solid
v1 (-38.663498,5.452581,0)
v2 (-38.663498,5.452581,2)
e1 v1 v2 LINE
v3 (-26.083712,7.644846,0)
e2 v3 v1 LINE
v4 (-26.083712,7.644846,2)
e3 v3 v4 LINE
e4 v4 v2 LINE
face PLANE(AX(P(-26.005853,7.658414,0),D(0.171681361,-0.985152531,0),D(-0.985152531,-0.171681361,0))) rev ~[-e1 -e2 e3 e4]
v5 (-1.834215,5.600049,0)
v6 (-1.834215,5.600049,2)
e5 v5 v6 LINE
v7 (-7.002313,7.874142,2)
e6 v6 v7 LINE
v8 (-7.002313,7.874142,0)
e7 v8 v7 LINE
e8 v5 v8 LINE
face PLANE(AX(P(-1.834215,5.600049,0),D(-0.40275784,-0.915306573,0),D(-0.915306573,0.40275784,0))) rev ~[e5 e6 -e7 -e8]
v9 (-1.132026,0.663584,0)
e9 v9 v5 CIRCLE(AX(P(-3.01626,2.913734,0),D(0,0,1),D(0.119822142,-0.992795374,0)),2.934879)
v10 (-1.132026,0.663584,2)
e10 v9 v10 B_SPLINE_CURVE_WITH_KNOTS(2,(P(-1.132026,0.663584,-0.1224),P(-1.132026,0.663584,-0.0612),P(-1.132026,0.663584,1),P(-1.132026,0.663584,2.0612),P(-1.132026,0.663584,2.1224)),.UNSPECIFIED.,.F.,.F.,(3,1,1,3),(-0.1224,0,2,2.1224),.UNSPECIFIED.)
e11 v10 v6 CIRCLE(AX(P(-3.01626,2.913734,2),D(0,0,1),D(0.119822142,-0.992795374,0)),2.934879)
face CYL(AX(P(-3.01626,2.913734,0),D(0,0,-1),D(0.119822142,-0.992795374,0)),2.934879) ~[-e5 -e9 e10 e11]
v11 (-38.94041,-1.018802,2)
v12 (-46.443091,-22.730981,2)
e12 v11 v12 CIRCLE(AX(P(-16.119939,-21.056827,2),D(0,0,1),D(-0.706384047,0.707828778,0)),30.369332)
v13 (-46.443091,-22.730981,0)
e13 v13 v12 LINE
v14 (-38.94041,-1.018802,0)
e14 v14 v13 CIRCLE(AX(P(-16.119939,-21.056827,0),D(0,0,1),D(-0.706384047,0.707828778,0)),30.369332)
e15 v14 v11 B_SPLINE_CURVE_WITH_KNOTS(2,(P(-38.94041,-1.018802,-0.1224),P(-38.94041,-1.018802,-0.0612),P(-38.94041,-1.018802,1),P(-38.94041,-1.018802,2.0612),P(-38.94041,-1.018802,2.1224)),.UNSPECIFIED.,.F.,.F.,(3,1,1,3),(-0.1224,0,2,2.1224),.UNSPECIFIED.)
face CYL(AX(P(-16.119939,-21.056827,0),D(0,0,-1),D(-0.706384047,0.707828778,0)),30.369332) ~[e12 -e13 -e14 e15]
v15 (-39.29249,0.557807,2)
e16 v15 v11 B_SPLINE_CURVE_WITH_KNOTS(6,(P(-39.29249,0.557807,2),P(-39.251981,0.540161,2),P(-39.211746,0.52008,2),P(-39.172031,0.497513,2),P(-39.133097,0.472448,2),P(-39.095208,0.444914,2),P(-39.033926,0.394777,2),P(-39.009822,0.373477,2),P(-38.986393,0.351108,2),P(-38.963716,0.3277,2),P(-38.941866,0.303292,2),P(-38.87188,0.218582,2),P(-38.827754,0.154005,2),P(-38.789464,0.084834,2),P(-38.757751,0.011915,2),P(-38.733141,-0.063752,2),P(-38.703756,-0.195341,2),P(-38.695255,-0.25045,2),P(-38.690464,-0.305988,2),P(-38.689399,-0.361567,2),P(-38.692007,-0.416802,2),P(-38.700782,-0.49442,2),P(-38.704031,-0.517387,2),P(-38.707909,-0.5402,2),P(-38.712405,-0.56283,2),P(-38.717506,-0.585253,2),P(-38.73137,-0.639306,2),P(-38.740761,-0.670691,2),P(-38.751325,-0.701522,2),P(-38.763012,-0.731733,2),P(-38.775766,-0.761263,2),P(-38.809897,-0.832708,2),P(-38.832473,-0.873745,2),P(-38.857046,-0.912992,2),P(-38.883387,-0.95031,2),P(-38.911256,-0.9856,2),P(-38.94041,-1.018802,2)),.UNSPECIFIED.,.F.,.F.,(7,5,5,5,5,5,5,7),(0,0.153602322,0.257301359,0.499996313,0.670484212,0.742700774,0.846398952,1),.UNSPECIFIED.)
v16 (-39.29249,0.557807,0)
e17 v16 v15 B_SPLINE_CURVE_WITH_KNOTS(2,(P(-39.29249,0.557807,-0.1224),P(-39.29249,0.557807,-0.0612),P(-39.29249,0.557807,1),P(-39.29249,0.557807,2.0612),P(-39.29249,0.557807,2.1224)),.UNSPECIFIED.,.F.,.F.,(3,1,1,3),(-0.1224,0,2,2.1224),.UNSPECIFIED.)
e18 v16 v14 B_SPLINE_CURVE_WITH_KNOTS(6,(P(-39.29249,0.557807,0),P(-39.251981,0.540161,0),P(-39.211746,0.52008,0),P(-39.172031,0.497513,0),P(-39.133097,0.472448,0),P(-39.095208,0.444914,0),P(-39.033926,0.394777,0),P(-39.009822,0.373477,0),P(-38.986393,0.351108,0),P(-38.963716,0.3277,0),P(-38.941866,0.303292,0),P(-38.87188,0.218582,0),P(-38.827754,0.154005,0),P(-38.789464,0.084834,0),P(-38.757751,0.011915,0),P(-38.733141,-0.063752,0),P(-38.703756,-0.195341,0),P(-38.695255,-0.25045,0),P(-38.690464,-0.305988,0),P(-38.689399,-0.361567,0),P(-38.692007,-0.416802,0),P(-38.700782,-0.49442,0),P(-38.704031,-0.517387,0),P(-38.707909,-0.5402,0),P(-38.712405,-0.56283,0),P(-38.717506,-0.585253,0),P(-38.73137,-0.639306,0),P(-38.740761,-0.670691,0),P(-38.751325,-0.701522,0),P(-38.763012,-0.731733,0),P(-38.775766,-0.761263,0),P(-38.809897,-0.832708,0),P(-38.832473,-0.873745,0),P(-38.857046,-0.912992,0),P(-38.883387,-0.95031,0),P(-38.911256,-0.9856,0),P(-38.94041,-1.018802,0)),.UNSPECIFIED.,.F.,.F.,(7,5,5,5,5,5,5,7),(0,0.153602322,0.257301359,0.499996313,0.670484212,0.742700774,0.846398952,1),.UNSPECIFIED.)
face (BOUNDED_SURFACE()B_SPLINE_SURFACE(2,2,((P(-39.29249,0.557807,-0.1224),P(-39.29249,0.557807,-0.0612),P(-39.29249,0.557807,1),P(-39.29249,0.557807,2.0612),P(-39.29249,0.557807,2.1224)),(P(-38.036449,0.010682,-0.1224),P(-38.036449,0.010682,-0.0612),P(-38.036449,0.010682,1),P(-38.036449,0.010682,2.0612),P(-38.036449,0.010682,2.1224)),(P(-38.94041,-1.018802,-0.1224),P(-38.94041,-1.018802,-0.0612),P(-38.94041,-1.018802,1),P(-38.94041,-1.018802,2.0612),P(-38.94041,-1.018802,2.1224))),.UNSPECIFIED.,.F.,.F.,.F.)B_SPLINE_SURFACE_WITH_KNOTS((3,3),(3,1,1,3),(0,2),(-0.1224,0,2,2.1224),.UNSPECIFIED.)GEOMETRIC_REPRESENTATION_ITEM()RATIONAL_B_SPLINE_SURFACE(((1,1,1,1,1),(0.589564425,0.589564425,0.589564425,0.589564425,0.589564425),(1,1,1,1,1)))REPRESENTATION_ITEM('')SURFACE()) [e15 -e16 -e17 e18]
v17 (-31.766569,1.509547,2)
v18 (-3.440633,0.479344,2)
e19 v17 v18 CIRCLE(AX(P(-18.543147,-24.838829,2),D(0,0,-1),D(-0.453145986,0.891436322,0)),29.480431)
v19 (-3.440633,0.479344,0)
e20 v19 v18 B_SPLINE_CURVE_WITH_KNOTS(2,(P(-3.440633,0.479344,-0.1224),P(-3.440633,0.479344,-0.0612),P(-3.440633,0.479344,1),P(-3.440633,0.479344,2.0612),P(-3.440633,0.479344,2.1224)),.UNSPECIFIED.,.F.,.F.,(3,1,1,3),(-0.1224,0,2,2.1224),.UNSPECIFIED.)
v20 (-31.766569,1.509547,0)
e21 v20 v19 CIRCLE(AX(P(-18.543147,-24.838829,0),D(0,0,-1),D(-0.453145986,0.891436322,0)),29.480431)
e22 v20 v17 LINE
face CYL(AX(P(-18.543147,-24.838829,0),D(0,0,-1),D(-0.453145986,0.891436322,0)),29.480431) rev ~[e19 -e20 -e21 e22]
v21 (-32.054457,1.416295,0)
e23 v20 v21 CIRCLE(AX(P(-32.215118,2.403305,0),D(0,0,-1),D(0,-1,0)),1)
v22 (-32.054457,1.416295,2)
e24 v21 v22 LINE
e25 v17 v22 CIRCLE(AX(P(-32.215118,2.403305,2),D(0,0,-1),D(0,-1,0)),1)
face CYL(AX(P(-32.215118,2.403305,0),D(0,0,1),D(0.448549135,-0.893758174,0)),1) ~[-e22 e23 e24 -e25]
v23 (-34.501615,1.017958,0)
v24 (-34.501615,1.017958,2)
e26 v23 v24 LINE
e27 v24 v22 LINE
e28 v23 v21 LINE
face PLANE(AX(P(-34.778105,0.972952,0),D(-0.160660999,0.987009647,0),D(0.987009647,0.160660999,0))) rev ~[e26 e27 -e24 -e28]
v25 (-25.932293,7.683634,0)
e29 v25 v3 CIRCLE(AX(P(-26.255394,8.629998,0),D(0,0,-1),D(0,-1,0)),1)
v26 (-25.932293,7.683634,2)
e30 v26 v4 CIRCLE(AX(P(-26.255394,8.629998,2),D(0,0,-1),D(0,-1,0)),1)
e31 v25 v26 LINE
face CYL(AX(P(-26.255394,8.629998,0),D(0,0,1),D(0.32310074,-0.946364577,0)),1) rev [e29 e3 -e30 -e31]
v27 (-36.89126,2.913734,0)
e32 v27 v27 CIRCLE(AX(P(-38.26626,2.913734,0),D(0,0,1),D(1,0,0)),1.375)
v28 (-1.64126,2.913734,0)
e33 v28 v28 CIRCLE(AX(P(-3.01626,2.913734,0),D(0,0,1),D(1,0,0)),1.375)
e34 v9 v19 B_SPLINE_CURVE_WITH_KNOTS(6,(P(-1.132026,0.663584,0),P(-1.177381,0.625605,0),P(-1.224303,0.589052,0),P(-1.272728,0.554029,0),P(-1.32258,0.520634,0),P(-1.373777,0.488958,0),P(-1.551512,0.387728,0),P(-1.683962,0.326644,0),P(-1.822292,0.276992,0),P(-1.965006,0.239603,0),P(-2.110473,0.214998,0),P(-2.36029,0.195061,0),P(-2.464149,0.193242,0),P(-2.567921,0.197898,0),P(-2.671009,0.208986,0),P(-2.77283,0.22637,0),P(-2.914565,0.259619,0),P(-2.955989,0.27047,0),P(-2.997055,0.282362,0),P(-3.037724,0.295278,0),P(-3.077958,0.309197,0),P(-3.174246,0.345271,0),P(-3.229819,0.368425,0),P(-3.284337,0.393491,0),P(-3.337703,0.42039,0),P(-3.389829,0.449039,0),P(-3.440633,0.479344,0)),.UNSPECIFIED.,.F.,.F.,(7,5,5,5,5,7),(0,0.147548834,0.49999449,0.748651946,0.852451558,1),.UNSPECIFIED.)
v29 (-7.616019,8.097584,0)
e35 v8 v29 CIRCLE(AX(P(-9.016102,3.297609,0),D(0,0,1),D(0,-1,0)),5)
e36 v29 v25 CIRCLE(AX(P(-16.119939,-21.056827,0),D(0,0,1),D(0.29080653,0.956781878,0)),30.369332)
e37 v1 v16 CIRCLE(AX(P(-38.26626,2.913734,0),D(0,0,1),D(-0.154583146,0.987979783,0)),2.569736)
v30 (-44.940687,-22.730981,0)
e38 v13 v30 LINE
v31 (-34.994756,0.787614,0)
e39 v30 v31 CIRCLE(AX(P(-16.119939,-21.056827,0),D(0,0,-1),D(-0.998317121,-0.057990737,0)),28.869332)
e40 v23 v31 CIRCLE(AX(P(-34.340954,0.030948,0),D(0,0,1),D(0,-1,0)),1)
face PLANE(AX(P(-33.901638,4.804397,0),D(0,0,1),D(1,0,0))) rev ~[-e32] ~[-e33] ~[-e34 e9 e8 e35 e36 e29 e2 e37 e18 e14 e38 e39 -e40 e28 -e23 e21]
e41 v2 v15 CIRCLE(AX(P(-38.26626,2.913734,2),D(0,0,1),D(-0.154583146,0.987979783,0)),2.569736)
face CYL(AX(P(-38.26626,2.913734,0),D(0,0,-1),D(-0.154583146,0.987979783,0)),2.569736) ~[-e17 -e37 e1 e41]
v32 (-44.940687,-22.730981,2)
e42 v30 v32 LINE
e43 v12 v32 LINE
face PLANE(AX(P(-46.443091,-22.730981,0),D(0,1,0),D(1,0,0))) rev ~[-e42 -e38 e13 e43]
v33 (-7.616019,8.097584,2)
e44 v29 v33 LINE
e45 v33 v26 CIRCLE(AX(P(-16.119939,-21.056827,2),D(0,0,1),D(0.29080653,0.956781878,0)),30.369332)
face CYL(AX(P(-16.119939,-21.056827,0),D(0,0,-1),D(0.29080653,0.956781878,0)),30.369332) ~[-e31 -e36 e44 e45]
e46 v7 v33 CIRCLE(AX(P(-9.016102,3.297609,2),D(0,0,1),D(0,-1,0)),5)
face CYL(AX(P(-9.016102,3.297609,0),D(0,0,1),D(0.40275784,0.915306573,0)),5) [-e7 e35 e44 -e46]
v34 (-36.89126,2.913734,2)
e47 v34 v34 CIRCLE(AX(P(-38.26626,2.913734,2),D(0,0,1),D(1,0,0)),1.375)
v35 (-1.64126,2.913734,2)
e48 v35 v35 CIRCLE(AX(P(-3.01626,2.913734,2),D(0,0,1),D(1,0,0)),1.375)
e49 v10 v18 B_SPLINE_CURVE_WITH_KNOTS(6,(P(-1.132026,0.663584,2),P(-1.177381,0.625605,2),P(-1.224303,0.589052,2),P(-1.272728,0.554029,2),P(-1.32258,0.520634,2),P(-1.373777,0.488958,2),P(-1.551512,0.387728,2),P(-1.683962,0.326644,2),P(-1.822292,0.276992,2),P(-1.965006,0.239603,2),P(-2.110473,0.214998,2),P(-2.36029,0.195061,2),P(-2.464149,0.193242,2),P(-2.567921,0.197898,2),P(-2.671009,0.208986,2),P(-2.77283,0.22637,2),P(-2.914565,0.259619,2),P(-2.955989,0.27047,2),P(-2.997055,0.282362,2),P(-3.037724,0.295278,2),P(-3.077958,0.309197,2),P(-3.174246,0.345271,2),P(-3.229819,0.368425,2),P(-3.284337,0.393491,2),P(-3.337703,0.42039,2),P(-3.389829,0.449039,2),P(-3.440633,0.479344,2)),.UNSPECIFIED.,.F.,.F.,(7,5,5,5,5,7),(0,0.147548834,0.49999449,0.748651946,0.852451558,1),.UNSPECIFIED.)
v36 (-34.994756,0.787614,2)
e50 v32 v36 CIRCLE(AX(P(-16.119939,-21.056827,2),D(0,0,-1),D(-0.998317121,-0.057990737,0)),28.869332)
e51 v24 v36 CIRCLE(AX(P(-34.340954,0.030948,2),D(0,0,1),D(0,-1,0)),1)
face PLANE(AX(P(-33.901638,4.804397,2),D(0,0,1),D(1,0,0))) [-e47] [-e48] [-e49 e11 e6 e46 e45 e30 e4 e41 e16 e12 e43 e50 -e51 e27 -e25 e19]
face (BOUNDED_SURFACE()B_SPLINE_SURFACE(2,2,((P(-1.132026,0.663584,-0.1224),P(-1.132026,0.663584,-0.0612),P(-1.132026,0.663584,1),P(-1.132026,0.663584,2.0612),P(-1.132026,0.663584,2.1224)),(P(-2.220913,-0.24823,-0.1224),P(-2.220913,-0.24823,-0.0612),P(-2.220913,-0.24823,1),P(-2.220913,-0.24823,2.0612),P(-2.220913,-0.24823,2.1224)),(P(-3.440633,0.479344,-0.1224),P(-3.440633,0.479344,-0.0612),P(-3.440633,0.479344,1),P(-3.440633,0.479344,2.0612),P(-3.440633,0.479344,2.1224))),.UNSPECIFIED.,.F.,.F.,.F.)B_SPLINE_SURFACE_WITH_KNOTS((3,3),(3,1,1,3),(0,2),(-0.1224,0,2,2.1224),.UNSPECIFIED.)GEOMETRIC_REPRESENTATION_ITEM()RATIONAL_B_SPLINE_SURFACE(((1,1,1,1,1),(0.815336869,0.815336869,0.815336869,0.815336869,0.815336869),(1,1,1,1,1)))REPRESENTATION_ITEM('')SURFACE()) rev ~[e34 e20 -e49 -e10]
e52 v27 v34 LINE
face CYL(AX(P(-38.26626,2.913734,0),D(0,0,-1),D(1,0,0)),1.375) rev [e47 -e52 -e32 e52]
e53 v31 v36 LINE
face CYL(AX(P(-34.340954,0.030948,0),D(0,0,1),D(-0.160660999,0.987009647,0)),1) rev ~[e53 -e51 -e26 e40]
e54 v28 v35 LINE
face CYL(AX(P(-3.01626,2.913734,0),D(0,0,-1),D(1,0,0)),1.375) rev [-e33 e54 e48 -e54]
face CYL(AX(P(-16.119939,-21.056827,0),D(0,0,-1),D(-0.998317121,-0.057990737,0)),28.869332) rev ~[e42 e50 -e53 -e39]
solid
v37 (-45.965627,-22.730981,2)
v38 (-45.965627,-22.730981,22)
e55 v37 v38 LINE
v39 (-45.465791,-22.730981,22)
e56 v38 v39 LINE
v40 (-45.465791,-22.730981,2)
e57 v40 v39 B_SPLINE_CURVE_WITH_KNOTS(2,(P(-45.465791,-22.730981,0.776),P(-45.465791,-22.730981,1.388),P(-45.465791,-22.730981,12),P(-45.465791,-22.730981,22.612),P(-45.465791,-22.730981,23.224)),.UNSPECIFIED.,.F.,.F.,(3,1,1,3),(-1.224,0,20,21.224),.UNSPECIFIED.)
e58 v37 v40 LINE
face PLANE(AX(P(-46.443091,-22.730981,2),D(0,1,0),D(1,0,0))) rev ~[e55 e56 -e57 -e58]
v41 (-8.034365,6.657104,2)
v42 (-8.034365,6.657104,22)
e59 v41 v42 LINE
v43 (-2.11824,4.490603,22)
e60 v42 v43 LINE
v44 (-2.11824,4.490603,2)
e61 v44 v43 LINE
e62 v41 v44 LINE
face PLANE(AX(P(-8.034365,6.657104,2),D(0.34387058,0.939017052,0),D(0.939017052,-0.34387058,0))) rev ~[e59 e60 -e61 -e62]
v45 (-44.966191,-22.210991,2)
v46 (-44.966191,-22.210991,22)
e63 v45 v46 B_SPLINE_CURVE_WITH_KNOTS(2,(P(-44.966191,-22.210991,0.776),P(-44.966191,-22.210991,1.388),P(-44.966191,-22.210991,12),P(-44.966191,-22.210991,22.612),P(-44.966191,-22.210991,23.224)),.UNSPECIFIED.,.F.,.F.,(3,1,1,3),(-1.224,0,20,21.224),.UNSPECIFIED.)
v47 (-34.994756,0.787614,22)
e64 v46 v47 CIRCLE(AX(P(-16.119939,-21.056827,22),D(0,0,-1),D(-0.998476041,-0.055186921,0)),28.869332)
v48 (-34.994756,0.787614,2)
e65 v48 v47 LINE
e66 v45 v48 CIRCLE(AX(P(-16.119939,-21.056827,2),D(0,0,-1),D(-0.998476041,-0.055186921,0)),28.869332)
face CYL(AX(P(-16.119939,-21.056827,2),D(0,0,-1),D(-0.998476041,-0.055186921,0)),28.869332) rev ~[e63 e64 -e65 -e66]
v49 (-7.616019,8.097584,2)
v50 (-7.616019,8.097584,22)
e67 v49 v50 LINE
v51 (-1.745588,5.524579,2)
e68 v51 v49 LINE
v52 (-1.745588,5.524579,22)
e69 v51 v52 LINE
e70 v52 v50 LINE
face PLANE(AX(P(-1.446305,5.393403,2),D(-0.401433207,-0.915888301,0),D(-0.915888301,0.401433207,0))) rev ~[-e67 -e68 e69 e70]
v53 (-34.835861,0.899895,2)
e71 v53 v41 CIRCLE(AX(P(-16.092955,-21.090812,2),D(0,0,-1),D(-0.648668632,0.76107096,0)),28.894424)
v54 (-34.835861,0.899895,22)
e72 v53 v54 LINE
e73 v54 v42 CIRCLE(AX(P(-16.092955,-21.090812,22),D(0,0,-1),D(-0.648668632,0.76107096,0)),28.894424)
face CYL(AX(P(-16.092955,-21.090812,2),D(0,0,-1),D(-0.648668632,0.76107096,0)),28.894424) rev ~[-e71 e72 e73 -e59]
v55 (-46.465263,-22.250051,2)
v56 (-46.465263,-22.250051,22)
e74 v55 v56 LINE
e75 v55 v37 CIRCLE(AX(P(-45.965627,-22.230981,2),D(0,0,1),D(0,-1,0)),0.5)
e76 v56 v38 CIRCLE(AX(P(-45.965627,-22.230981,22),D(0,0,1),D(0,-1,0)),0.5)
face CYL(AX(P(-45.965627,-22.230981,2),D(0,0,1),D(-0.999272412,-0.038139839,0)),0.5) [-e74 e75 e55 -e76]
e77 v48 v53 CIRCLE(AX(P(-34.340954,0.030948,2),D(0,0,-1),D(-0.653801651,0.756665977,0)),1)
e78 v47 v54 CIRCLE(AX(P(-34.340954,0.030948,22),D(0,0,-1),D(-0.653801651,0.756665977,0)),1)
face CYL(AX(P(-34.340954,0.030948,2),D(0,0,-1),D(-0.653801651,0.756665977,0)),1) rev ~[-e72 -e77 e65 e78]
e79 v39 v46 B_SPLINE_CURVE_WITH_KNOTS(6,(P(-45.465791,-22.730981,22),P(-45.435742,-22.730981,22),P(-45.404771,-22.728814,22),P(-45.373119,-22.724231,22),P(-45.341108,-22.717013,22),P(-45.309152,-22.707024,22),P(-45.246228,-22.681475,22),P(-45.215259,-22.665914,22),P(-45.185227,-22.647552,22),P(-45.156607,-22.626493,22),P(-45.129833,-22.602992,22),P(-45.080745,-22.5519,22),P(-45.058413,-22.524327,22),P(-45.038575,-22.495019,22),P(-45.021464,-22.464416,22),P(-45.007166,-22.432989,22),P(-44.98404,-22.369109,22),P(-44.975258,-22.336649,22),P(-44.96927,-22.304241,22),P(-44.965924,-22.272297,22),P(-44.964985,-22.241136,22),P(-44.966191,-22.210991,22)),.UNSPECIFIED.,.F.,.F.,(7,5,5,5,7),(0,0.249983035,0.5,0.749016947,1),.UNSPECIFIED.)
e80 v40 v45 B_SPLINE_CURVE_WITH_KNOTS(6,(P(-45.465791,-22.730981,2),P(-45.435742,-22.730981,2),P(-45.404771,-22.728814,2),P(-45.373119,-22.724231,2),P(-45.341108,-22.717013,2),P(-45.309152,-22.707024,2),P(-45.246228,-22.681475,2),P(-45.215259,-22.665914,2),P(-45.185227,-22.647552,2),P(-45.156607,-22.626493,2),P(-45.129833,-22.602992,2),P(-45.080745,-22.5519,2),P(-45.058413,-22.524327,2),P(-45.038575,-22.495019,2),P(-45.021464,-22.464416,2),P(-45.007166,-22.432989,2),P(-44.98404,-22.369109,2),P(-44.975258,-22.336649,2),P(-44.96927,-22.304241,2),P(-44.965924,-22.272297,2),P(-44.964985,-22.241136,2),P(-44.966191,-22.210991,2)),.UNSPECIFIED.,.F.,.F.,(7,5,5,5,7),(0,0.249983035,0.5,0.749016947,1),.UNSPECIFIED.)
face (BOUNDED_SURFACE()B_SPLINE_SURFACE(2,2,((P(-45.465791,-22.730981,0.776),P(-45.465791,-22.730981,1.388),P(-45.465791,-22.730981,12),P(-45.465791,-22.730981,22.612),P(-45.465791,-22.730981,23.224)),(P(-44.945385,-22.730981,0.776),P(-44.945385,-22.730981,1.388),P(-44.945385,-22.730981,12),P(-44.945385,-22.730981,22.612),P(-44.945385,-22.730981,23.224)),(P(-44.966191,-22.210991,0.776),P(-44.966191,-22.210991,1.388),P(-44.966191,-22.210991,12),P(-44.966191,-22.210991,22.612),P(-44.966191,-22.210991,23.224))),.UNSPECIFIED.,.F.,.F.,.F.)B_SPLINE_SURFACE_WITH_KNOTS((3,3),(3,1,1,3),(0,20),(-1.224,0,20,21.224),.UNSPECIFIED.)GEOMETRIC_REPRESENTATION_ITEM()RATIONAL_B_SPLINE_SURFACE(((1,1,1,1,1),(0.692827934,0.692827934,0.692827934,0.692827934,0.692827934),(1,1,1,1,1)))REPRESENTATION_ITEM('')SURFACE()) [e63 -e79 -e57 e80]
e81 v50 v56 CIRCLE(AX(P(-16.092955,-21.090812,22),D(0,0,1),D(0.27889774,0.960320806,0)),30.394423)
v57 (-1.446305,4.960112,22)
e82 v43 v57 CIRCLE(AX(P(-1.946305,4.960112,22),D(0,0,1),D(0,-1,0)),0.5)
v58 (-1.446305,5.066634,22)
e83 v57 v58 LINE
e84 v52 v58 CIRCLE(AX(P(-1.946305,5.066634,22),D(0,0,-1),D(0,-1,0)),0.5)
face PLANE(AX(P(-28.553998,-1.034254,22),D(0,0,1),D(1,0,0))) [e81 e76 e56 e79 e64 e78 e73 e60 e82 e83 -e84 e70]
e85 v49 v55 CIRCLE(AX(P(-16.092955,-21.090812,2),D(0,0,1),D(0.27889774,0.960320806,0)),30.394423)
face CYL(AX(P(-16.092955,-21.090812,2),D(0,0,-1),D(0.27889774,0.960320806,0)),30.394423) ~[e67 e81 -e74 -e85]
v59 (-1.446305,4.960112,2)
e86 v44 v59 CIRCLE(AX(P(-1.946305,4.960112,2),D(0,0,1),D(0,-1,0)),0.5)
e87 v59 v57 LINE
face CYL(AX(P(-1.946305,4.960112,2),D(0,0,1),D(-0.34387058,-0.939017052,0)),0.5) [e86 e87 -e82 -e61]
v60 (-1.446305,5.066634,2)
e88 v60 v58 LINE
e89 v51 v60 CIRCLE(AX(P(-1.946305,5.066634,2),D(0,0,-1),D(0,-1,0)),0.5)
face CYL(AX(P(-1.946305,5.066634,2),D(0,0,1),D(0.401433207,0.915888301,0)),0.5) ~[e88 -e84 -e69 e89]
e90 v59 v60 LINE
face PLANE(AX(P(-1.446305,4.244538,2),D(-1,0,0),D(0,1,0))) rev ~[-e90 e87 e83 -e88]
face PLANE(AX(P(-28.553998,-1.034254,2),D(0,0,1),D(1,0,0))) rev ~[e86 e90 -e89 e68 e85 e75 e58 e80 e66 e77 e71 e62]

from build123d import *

# Parameters (mm, degrees)
F0_R     = 1.375
F1_DEPTH = 2
F2_R     = 2
F3_R     = 1
F4_R     = 5
F6_DEPTH = 20
F7_R     = 0.5


with BuildPart() as f1:
    # F0 (on Top) → F1 (new body)
    with BuildSketch(Plane.XY):
        with BuildLine():
            Line((-26.0058527609, 7.6584140292), (-38.6634979914, 5.4525812352))
            ThreePointArc((-38.6634979914, 5.4525812352), (-40.7772058577, 2.3672063948), (-37.5723509725, 0.439460557))
            ThreePointArc((-37.5723509725, 0.439460557), (-32.1994597429, 4.7064292217), (-26.0058527609, 7.6584140292))
        make_face()
        with Locations((-38.2662601769, 2.91373441)):
            Circle(F0_R, mode=Mode.SUBTRACT)
        with BuildLine():
            ThreePointArc((-26.0058527609, 7.6584140292), (-32.1994597429, 4.7064292217), (-37.5723509725, 0.439460557))
            ThreePointArc((-37.5723509725, 0.439460557), (-44.4817901409, -10.1985694874), (-46.4430912529, -22.7309806996))
            Line((-46.4430912529, -22.7309806996), (-44.9406874418, -22.7309806996))
            ThreePointArc((-44.9406874418, -22.7309806996), (-42.6535203698, -9.6810899108), (-34.7781050217, 0.9729523227))
            ThreePointArc((-34.7781050217, 0.9729523227), (-21.9636028513, 7.2148890549), (-7.724548842, 6.5648267778))
            Line((-7.724548842, 6.5648267778), (-1.8342146029, 4.774504763))
            Line((-1.8342146029, 4.774504763), (-1.8342146029, 5.6000485559))
            Line((-1.8342146029, 5.6000485559), (-7.2883389242, 8))
            ThreePointArc((-7.2883389242, 8), (-16.6740730858, 9.3074495856), (-26.0058527609, 7.6584140292))
        make_face()
        with BuildLine():
            ThreePointArc((-2.664596676, 0), (-0.1131236251, 2.4832537589), (-1.8342146029, 5.6000485559))
            Line((-1.8342146029, 5.6000485559), (-1.8342146029, 4.774504763))
            Line((-1.8342146029, 4.774504763), (-7.724548842, 6.5648267778))
            ThreePointArc((-7.724548842, 6.5648267778), (-21.9636028513, 7.2148890549), (-34.7781050217, 0.9729523227))
            Line((-34.7781050217, 0.9729523227), (-31.902086389, 1.441097722))
            ThreePointArc((-31.902086389, 1.441097722), (-17.0918371374, 4.6058563567), (-2.664596676, 0))
        make_face()
        with Locations((-3.0162601769, 2.91373441)):
            Circle(F0_R, mode=Mode.SUBTRACT)
    extrude(amount=F1_DEPTH)

    # F2
    f2_edges = [f1.edges().sort_by_distance(p)[0] for p in [
        (-2.664597, 0, 1),
    ]]
    fillet(f2_edges, radius=F2_R)

    # F3
    f3_edges = [f1.edges().sort_by_distance(p)[0] for p in [
        (-26.005853, 7.658414, 1),
        (-31.902086, 1.441098, 1),
        (-34.778105, 0.972952, 1),
        (-37.572351, 0.439461, 1),
    ]]
    fillet(f3_edges, radius=F3_R)

    # F4
    f4_edges = [f1.edges().sort_by_distance(p)[0] for p in [
        (-7.288339, 8, 1),
        (-26.083712, 7.644846, 1),
    ]]
    fillet(f4_edges, radius=F4_R)


with BuildPart() as f6:
    # F5 (on face) → F6 (new body)
    with BuildSketch(Plane.XY.offset(2)):
        with BuildLine():
            Line((-1.4463049592, 5.3934029451), (-7.6160189779, 8.0975843223))
            ThreePointArc((-7.6160189779, 8.0975843223), (-34.9929371242, 2.7127925965), (-46.4430912529, -22.7309806996))
            Line((-46.4430912529, -22.7309806996), (-44.9406874418, -22.7309806996))
            ThreePointArc((-44.9406874418, -22.7309806996), (-44.9430098061, -22.6905101609), (-44.9452753412, -22.6500364012))
            ThreePointArc((-44.9452753412, -22.6500364012), (-42.6935542226, -9.7749251828), (-34.9947559807, 0.7876144034))
            ThreePointArc((-34.9947559807, 0.7876144034), (-34.9180457047, 0.8476280114), (-34.8358610826, 0.8998945155))
            ThreePointArc((-34.8358610826, 0.8998945155), (-22.1613171571, 7.1591912589), (-8.0343653338, 6.6571039895))
            Line((-8.0343653338, 6.6571039895), (-1.4463049592, 4.2445384897))
            Line((-1.4463049592, 4.2445384897), (-1.4463049592, 5.3934029451))
        make_face()
    extrude(amount=F6_DEPTH)

    # F7
    f7_edges = [f6.edges().sort_by_distance(p)[0] for p in [
        (-1.446305, 4.244538, 12),
        (-1.446305, 5.393403, 12),
        (-44.940687, -22.730981, 12),
        (-46.443091, -22.730981, 12),
    ]]
    fillet(f7_edges, radius=F7_R)


solid = Compound([f1.part, f6.part])
